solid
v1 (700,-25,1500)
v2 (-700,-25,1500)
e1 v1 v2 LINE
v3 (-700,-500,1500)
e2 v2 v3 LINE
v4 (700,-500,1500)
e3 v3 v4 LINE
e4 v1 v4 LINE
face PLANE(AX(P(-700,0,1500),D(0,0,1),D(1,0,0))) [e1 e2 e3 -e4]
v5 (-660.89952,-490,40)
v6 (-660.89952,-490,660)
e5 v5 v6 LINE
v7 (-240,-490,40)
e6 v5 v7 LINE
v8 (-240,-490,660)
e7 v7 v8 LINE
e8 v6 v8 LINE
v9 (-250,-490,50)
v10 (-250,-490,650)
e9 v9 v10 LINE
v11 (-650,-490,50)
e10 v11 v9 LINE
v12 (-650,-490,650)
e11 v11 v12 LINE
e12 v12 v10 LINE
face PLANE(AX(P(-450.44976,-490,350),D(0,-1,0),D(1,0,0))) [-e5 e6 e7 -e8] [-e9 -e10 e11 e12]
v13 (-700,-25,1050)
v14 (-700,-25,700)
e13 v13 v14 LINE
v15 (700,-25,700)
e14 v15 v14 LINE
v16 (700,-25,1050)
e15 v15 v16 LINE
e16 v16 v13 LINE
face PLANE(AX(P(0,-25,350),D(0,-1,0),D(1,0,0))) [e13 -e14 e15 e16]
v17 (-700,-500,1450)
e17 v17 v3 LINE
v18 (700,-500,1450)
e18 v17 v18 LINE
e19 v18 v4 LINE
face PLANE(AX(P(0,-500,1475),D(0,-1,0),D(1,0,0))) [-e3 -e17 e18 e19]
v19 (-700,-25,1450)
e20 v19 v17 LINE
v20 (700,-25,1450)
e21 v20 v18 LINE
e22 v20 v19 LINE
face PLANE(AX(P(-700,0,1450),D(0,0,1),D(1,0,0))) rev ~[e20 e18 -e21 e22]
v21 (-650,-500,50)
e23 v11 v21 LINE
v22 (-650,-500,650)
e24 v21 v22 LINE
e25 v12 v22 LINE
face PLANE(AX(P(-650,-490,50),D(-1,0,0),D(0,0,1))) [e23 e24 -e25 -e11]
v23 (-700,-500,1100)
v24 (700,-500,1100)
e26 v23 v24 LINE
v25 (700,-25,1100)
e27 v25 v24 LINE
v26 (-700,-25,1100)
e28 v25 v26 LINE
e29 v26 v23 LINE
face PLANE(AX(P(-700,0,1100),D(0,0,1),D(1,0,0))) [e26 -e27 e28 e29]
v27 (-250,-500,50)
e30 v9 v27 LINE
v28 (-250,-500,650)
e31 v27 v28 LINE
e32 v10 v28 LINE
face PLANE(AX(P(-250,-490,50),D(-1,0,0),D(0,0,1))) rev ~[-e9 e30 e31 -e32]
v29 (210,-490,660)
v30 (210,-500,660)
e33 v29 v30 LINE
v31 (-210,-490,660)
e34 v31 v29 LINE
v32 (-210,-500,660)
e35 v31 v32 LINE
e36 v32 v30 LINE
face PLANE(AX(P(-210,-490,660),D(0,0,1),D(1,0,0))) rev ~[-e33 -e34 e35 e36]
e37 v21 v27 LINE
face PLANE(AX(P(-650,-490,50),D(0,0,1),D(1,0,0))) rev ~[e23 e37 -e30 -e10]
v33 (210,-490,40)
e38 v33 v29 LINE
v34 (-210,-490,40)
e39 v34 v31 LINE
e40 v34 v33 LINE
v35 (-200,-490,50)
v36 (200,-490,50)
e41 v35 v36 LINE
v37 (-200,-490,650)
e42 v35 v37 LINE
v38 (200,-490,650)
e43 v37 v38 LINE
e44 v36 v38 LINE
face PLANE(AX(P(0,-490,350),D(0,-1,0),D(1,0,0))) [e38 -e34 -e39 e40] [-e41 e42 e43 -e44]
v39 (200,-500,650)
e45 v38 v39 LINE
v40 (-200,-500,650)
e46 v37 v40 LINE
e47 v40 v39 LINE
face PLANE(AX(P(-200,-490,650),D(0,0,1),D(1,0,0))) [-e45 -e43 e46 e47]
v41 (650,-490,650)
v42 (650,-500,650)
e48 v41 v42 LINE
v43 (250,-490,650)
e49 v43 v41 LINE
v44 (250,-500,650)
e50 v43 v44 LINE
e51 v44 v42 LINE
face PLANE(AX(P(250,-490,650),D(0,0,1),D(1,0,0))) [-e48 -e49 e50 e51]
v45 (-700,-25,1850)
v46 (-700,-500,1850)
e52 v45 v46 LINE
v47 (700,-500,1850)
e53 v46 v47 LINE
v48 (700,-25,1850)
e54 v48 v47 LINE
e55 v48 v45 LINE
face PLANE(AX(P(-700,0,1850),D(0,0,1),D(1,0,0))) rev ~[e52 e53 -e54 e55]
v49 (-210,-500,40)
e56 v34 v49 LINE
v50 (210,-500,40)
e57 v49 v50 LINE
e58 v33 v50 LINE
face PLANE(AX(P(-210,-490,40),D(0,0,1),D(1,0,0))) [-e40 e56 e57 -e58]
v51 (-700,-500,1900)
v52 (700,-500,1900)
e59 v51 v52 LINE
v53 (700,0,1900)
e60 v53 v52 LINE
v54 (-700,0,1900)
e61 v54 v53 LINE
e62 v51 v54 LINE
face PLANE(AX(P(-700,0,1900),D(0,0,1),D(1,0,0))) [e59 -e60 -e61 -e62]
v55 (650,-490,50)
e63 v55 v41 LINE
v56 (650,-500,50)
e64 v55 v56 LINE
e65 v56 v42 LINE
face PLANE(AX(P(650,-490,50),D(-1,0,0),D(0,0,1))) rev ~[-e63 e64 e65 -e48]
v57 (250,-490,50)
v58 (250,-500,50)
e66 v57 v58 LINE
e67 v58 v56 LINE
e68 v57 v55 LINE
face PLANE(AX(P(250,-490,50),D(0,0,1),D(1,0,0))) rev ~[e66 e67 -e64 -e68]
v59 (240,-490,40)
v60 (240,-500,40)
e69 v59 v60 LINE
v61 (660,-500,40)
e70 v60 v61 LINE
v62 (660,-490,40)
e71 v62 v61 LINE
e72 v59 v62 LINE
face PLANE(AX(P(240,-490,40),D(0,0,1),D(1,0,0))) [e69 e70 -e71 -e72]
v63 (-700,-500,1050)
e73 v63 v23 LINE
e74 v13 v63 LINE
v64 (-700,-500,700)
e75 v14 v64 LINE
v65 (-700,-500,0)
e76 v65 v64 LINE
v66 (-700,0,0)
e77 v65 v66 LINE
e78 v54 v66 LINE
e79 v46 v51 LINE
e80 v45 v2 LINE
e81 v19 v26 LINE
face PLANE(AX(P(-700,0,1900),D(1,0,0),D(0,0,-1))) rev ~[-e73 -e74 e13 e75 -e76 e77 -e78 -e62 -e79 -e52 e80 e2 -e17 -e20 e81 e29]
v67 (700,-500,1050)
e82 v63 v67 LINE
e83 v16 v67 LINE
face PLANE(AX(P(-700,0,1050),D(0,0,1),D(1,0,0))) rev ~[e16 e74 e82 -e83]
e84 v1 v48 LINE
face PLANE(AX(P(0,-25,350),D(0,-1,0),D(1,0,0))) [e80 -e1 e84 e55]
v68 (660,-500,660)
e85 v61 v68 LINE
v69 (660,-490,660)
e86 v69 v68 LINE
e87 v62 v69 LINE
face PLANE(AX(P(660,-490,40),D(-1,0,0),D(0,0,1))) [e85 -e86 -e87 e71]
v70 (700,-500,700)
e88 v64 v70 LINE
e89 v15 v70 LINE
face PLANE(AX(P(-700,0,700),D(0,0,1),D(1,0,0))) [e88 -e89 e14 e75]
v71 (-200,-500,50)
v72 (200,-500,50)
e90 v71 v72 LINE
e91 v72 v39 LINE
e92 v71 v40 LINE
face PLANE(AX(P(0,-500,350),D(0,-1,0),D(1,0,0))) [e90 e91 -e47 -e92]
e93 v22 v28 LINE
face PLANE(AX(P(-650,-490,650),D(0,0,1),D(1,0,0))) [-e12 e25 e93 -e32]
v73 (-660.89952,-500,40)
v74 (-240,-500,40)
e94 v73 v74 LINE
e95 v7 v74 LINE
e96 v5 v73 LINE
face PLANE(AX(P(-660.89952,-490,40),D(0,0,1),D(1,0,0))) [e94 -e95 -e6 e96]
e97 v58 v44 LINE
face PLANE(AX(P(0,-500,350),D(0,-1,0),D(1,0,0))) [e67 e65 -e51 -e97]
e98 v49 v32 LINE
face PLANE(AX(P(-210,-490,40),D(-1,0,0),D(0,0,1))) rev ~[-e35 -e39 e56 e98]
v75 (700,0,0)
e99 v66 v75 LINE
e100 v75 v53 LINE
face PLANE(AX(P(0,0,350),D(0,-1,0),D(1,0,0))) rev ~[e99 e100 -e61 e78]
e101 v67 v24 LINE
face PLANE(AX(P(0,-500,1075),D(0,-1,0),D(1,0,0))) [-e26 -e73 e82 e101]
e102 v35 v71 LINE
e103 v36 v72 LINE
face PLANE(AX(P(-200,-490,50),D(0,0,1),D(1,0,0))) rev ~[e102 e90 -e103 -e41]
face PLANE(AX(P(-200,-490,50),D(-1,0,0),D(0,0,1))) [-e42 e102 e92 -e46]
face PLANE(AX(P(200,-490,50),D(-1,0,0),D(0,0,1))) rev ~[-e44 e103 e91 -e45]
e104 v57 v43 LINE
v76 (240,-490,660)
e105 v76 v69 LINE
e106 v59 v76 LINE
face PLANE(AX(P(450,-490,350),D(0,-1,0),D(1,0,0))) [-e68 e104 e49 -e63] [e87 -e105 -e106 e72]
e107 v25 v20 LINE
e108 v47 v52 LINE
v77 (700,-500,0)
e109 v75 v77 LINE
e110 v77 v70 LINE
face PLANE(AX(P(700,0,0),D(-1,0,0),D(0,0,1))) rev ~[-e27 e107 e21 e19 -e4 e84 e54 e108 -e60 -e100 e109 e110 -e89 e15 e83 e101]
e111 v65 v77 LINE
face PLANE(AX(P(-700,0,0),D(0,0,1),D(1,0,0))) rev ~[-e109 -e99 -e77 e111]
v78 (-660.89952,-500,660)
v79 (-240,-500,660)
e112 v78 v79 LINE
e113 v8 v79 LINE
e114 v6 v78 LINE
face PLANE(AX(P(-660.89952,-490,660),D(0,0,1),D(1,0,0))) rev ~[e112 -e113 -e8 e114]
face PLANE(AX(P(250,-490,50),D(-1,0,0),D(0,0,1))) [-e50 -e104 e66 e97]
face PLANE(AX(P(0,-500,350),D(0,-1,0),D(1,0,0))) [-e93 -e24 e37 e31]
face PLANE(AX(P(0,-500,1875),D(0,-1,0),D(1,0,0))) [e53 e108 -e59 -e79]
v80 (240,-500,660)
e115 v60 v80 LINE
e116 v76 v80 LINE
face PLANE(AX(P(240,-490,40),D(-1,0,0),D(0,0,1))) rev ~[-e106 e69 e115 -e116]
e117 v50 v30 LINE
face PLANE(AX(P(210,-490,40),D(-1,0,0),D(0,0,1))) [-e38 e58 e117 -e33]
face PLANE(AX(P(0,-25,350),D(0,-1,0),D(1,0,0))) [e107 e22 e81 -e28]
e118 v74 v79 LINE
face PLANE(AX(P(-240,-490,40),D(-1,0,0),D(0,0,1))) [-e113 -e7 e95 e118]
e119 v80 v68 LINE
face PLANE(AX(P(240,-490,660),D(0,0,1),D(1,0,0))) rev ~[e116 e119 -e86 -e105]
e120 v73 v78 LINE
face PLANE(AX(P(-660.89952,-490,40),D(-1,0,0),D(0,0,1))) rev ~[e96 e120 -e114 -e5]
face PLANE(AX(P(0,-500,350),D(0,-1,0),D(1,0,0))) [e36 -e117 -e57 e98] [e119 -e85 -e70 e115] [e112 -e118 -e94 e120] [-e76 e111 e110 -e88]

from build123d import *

# Parameters (mm, degrees)
F0_W     = 1400
F0_H     = 700
F0_W_2   = 420.8995199203
F0_H_2   = 620
F0_W_3   = 420
F0_H_3   = 350
F0_W_4   = 400
F0_H_4   = 600
F0_H_5   = 50
F1_DEPTH = 25
F2_DEPTH = 500
F3_START = 490
F3_DEPTH = 10


with BuildPart() as f1:
    # F0 (on Front) → F1 (new body)
    with BuildSketch(Plane.XZ):
        with Locations((0, 350)):
            Rectangle(F0_W, F0_H)
        with Locations((-450.4497599602, 350)):
            Rectangle(F0_W_2, F0_H_2, mode=Mode.SUBTRACT)
        with Locations((0, 350)):
            Rectangle(F0_W_3, F0_H_2, mode=Mode.SUBTRACT)
        with Locations((450, 350)):
            Rectangle(F0_W_3, F0_H_2, mode=Mode.SUBTRACT)
        with Locations((0, 875)):
            Rectangle(F0_W, F0_H_3)
        with Locations((0, 1275)):
            Rectangle(F0_W, F0_H_3)
        with Locations((0, 1675)):
            Rectangle(F0_W, F0_H_3)
        with Locations((-450.4497599602, 350)):
            Rectangle(F0_W_2, F0_H_2)
        with Locations((-450, 350)):
            Rectangle(F0_W_4, F0_H_4, mode=Mode.SUBTRACT)
        with Locations((450, 350)):
            Rectangle(F0_W_3, F0_H_2)
        with Locations((450, 350)):
            Rectangle(F0_W_4, F0_H_4, mode=Mode.SUBTRACT)
        with Locations((0, 350)):
            Rectangle(F0_W_3, F0_H_2)
        with Locations((0, 350)):
            Rectangle(F0_W_4, F0_H_4, mode=Mode.SUBTRACT)
        with Locations((450, 350)):
            Rectangle(F0_W_4, F0_H_4)
        with Locations((0, 350)):
            Rectangle(F0_W_4, F0_H_4)
        with Locations((-450, 350)):
            Rectangle(F0_W_4, F0_H_4)
        with Locations((0, 1075)):
            Rectangle(F0_W, F0_H_5)
        with Locations((0, 1475)):
            Rectangle(F0_W, F0_H_5)
        with Locations((0, 1875)):
            Rectangle(F0_W, F0_H_5)
    extrude(amount=F1_DEPTH)

    # F0 (on Front) → F2 (join)
    with BuildSketch(Plane.XZ):
        with Locations((0, 350)):
            Rectangle(F0_W, F0_H)
        with Locations((-450.4497599602, 350)):
            Rectangle(F0_W_2, F0_H_2, mode=Mode.SUBTRACT)
        with Locations((0, 350)):
            Rectangle(F0_W_3, F0_H_2, mode=Mode.SUBTRACT)
        with Locations((450, 350)):
            Rectangle(F0_W_3, F0_H_2, mode=Mode.SUBTRACT)
        with Locations((-450.4497599602, 350)):
            Rectangle(F0_W_2, F0_H_2)
        with Locations((-450, 350)):
            Rectangle(F0_W_4, F0_H_4, mode=Mode.SUBTRACT)
        with Locations((450, 350)):
            Rectangle(F0_W_3, F0_H_2)
        with Locations((450, 350)):
            Rectangle(F0_W_4, F0_H_4, mode=Mode.SUBTRACT)
        with Locations((0, 350)):
            Rectangle(F0_W_3, F0_H_2)
        with Locations((0, 350)):
            Rectangle(F0_W_4, F0_H_4, mode=Mode.SUBTRACT)
        with Locations((-450, 350)):
            Rectangle(F0_W_4, F0_H_4)
        with Locations((0, 350)):
            Rectangle(F0_W_4, F0_H_4)
        with Locations((450, 350)):
            Rectangle(F0_W_4, F0_H_4)
        with Locations((0, 1875)):
            Rectangle(F0_W, F0_H_5)
        with Locations((0, 1475)):
            Rectangle(F0_W, F0_H_5)
        with Locations((0, 1075)):
            Rectangle(F0_W, F0_H_5)
    extrude(amount=F2_DEPTH)

    # F0 (on Front) → F3 (cut)
    with BuildSketch(Plane.XZ.offset(F3_START)):
        with Locations((450, 350)):
            Rectangle(F0_W_3, F0_H_2)
        with Locations((450, 350)):
            Rectangle(F0_W_4, F0_H_4, mode=Mode.SUBTRACT)
        with Locations((0, 350)):
            Rectangle(F0_W_3, F0_H_2)
        with Locations((0, 350)):
            Rectangle(F0_W_4, F0_H_4, mode=Mode.SUBTRACT)
        with Locations((-450.4497599602, 350)):
            Rectangle(F0_W_2, F0_H_2)
        with Locations((-450, 350)):
            Rectangle(F0_W_4, F0_H_4, mode=Mode.SUBTRACT)
    extrude(amount=F3_DEPTH, mode=Mode.SUBTRACT)


solid = f1.part
